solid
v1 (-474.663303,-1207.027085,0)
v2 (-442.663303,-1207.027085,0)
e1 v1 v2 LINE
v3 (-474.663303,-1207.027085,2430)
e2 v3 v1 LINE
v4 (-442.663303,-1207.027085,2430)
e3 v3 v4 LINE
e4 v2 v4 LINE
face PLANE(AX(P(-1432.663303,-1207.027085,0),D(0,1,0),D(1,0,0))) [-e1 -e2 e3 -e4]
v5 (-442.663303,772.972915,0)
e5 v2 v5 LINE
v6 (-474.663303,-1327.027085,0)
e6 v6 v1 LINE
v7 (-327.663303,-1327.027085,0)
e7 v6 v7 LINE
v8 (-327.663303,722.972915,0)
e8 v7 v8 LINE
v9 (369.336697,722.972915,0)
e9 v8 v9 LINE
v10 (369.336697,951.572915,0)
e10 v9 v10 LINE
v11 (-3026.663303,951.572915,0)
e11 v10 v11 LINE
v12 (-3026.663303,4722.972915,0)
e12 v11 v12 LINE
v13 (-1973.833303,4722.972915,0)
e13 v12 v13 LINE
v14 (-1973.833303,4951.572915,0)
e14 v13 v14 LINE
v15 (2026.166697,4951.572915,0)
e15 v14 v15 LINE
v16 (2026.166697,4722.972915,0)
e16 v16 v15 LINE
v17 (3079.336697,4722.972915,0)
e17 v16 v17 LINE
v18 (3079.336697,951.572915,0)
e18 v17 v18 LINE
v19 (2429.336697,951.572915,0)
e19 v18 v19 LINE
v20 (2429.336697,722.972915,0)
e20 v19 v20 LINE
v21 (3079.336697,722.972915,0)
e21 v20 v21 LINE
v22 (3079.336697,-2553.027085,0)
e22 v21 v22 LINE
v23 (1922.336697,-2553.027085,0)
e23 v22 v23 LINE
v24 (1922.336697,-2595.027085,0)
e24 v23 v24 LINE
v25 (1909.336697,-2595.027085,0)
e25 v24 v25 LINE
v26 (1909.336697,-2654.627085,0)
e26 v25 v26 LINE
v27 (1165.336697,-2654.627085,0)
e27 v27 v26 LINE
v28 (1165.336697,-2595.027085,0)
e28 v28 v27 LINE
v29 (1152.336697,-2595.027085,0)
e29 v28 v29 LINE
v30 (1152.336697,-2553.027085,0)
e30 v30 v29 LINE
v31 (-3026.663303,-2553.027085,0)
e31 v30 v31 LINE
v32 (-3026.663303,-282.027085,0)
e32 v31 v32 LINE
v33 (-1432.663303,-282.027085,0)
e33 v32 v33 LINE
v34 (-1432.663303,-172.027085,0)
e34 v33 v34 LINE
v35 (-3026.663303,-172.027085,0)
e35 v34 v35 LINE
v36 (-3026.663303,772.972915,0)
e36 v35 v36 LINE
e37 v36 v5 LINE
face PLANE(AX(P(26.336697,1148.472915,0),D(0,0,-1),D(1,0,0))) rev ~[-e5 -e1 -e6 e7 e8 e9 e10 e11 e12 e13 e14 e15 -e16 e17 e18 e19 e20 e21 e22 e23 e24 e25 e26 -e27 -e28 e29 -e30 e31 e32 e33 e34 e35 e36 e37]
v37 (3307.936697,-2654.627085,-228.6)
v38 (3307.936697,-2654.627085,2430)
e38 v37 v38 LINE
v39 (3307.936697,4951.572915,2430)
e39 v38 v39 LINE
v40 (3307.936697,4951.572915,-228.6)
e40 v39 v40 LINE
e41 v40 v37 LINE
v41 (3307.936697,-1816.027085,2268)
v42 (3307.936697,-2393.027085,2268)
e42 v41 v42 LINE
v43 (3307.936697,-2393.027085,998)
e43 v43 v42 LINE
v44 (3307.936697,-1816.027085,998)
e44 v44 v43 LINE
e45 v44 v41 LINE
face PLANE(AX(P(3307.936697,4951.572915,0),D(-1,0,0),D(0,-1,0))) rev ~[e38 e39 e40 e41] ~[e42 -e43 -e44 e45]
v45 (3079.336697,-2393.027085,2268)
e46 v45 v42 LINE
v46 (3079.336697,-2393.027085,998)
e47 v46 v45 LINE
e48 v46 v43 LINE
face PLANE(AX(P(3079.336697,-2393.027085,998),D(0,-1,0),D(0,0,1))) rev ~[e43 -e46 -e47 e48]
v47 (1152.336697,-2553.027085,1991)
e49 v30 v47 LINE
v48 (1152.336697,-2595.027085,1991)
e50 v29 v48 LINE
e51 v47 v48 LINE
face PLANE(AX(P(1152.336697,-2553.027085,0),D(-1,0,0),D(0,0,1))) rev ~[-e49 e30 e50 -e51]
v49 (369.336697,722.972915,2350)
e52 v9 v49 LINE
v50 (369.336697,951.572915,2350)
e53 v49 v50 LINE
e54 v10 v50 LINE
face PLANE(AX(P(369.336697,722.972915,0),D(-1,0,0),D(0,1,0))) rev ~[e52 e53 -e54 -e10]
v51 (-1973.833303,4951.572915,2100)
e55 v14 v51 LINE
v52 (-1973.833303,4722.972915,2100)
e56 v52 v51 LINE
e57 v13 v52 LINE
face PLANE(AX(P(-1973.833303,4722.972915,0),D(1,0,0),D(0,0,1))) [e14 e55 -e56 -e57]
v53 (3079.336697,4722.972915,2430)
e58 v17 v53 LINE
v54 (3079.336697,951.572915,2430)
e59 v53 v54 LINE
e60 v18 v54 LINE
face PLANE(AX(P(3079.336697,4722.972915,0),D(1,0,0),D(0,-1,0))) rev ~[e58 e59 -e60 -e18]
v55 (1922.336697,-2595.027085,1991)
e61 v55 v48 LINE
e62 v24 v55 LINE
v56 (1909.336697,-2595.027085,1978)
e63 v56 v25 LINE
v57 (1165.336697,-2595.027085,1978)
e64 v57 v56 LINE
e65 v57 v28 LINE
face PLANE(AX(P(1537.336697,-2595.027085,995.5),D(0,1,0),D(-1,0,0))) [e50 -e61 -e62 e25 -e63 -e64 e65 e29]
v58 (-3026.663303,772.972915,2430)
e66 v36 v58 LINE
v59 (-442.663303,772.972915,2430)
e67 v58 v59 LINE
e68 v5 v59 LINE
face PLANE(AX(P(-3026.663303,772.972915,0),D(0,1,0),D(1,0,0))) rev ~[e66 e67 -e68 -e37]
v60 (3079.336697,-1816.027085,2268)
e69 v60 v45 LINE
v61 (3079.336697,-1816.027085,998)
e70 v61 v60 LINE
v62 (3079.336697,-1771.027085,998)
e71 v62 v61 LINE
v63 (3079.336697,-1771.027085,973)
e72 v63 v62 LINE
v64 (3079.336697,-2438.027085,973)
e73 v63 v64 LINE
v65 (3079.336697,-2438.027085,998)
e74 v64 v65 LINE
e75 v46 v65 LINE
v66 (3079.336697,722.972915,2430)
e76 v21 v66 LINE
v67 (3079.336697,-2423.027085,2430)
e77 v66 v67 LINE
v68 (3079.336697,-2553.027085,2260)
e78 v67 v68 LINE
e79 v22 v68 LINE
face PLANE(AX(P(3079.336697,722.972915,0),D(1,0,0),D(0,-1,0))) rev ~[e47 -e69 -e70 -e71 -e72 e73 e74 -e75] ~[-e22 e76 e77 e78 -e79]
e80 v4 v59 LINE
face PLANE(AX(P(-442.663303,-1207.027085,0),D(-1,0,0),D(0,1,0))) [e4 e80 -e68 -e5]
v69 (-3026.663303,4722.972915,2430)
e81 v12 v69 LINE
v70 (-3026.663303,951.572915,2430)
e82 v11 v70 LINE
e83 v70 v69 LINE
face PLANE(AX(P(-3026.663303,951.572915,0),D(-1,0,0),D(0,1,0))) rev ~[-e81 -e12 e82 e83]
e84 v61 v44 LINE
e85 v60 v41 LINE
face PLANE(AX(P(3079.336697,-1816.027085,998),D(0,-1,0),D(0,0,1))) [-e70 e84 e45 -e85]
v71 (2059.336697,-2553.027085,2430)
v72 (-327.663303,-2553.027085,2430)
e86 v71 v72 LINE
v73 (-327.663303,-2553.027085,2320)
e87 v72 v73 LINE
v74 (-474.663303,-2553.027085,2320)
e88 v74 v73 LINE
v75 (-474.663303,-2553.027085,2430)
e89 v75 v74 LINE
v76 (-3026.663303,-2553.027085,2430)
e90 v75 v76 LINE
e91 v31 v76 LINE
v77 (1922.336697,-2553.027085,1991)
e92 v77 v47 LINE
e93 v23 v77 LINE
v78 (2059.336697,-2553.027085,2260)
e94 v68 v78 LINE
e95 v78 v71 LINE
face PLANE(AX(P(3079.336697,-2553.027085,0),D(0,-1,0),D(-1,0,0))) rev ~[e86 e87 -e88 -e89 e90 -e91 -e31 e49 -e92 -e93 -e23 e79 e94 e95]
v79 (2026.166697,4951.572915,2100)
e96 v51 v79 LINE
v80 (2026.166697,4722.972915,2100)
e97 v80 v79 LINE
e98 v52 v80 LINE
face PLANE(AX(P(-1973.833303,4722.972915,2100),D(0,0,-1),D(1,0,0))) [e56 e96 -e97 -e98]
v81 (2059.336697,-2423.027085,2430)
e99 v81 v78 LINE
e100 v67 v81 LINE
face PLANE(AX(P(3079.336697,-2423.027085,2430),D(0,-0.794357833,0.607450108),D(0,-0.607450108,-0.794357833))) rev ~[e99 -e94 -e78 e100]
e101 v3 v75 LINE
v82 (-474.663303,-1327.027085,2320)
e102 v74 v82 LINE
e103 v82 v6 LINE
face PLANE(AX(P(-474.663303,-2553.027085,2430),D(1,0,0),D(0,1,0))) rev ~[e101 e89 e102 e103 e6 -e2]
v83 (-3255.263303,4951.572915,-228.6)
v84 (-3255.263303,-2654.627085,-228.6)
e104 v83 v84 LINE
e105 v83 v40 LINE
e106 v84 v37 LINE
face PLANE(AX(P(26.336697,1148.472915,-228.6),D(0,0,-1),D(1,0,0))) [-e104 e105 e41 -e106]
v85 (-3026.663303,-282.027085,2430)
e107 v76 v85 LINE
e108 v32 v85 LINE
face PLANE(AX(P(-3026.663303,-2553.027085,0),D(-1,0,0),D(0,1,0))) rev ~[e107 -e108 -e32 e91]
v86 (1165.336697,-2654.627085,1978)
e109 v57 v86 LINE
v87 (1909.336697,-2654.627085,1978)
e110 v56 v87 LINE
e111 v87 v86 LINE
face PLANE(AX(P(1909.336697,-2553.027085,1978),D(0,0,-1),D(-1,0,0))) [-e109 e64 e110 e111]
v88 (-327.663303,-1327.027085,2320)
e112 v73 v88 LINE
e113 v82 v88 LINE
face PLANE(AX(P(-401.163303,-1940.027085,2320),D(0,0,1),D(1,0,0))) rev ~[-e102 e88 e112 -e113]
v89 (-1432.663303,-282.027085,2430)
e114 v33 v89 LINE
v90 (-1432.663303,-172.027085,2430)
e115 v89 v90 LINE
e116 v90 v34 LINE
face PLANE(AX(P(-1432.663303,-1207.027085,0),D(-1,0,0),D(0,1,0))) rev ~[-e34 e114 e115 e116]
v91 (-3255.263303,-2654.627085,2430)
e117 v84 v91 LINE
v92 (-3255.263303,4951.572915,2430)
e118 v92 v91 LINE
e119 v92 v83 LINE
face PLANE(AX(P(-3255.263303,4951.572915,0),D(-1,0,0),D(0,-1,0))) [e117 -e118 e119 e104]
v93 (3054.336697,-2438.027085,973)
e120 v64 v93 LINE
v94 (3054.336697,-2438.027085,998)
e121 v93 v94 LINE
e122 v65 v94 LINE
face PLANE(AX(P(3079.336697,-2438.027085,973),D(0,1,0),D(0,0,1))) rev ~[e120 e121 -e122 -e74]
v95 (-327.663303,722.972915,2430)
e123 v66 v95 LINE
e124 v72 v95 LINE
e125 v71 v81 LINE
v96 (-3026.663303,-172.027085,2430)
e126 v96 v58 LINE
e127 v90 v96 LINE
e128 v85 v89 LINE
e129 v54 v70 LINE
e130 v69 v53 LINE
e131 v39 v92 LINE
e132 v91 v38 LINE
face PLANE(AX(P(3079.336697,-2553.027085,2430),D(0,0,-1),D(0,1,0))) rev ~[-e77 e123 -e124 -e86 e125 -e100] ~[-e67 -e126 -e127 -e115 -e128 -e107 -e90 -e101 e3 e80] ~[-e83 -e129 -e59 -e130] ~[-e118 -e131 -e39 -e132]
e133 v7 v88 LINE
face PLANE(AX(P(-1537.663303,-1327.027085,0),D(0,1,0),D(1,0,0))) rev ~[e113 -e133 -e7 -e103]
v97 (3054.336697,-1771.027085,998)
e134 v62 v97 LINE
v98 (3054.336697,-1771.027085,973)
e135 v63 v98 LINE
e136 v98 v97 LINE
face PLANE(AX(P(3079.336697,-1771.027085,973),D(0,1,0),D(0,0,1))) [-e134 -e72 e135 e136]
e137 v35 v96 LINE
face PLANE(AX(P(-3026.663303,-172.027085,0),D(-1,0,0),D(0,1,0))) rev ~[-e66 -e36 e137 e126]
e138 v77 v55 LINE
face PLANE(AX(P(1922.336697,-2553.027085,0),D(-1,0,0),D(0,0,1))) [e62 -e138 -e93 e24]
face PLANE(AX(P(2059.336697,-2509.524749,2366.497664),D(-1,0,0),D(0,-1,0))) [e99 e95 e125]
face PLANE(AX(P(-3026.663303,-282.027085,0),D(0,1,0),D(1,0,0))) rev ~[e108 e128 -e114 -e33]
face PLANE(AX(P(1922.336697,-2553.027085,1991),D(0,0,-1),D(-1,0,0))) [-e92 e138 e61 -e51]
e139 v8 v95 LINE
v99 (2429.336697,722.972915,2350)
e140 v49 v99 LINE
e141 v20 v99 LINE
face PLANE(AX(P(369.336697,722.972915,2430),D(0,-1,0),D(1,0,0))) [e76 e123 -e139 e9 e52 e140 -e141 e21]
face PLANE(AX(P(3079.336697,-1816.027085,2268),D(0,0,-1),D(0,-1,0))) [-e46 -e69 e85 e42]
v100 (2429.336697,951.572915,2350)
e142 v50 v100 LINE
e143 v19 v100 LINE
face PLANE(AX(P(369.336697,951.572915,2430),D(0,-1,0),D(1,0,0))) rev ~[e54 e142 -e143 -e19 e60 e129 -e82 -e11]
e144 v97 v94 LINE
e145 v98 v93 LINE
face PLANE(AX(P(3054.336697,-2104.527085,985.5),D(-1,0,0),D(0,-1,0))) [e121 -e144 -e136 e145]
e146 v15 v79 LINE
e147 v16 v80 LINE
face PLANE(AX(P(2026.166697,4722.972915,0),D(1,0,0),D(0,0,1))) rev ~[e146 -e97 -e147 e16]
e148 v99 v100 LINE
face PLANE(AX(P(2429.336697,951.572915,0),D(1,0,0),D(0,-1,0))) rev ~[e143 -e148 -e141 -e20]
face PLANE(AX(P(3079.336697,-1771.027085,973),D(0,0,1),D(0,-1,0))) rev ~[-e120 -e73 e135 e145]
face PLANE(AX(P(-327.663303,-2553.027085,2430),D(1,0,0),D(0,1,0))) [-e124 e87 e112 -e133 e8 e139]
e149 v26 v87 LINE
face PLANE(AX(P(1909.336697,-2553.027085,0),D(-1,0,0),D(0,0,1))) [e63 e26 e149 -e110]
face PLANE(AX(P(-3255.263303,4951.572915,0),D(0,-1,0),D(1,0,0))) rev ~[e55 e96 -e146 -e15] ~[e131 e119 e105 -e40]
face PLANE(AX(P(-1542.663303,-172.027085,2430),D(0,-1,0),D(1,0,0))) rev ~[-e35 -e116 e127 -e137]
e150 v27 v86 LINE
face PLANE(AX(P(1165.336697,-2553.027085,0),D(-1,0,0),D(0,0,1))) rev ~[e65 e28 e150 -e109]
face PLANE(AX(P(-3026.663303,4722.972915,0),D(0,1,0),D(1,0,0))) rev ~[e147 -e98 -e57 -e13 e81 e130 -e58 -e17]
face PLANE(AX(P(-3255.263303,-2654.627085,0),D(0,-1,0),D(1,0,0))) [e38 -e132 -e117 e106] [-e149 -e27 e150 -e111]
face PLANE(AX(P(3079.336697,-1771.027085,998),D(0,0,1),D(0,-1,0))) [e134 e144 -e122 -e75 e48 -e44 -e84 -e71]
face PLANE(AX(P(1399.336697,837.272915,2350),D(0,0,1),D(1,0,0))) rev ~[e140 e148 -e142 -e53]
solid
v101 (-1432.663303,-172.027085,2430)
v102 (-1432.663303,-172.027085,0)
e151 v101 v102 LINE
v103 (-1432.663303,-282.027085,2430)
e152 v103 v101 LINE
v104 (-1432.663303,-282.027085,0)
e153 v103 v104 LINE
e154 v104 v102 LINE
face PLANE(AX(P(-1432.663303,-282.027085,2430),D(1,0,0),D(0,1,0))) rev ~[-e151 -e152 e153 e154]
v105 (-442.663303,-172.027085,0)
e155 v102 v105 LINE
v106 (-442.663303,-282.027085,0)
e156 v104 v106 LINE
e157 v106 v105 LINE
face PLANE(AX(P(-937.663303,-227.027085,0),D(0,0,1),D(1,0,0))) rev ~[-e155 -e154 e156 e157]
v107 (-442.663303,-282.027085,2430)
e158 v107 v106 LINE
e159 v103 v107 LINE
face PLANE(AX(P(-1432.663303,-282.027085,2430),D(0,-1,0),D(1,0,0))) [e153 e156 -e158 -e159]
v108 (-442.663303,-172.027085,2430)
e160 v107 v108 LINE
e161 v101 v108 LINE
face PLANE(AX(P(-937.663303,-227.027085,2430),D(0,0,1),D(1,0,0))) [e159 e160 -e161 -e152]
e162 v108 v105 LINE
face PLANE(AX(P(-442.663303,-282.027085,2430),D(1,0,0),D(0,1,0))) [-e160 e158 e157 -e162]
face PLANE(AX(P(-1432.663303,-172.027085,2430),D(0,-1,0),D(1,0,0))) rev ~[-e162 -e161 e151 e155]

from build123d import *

# Parameters (mm, degrees)
F0_W      = 1356
F0_H      = 1226
F0_W_2    = 990
F0_H_2    = 1980
F1_DEPTH  = 2430
F2_W      = 147
F2_H      = 1226
F3_DEPTH  = 110
F4_W      = 2060
F4_H      = 228.6
F5_DEPTH  = 80
F6_W      = 577
F6_H      = 1270
F7_DEPTH  = 228.6
F8_W      = 667
F8_H      = 25
F9_DEPTH  = 25
F10_W     = 4000
F10_H     = 2100
F11_DEPTH = 228.6
F12_W     = 744
F12_H     = 1978
F13_DEPTH = 101.6
F14_W     = 770
F14_H     = 1991
F15_DEPTH = 42
F16_W     = 6563.2
F16_H     = 7606.2
F17_DEPTH = 228.6
F19_DEPTH = 1020
F20_W     = 2552
F20_H     = 2271
F21_DEPTH = 2430
F22_W     = 990
F22_H     = 110
F23_DEPTH = 2430
F24_W     = 110
F24_H     = 945
F25_DEPTH = 2430


with BuildPart() as f1:
    # F0 (on Top) → F1 (new body)
    with BuildSketch(Plane.XY):
        Polygon((-3255.263303, 4951.572915), (-3255.263303, 951.572915), (-3255.263303, -2250.100136), (-3255.263303, -2654.627085), (3307.936697, -2654.627085), (3307.936697, 951.572915), (3307.936697, 4951.572915), align=None)
        with Locations((-2348.663303, -1940.027085)):
            Rectangle(F0_W, F0_H, mode=Mode.SUBTRACT)
        Polygon((-3026.663303, -1212.027085), (-3026.663303, -960.060477), (-3026.663303, -282.027085), (-1542.663303, -282.027085), (-1542.663303, -1212.027085), align=None, mode=Mode.SUBTRACT)
        Polygon((-3026.663303, 772.972915), (-2642.663303, 772.972915), (-1542.663303, 772.972915), (-1542.663303, -172.027085), (-3026.663303, -172.027085), (-3026.663303, 0), align=None, mode=Mode.SUBTRACT)
        with Locations((-937.663303, -217.027085)):
            Rectangle(F0_W_2, F0_H_2, mode=Mode.SUBTRACT)
        Polygon((369.336697, 951.572915), (-3026.663303, 951.572915), (-3026.663303, 4722.972915), (3079.336697, 4722.972915), (3079.336697, 951.572915), (2429.336697, 951.572915), (2429.336697, 722.972915), (3079.336697, 722.972915), (3079.336697, -2553.027085), (-1537.663303, -2553.027085), (-1537.663303, -1327.027085), (-327.663303, -1327.027085), (-327.663303, 722.972915), (369.336697, 722.972915), align=None, mode=Mode.SUBTRACT)
    extrude(amount=F1_DEPTH)

    # F2 (on face) → F3 (join)
    with BuildSketch(Plane.XY.offset(2430)):
        with Locations((-401.163303, -1940.027085)):
            Rectangle(F2_W, F2_H)
    extrude(amount=-F3_DEPTH)

    # F4 (on face) → F5 (join)
    with BuildSketch(Plane.XY.offset(2430)):
        with Locations((1399.336697, 837.272915)):
            Rectangle(F4_W, F4_H)
    extrude(amount=-F5_DEPTH)

    # F6 (on face) → F7 (cut, through all)
    with BuildSketch(Plane(origin=(3079.336697, 0, 0), x_dir=(0, -1, 0), z_dir=(-1, 0, 0))):
        with Locations((2104.527085, 1633)):
            Rectangle(F6_W, F6_H)
    extrude(amount=-F7_DEPTH, mode=Mode.SUBTRACT)

    # F8 (on face) → F9 (join)
    with BuildSketch(Plane(origin=(3079.336697, 0, 0), x_dir=(0, -1, 0), z_dir=(-1, 0, 0))):
        with Locations((2104.527085, 985.5)):
            Rectangle(F8_W, F8_H)
    extrude(amount=F9_DEPTH)

    # F10 (on face) → F11 (cut, through all)
    with BuildSketch(Plane.XZ.offset(-4722.972915)):
        with Locations((26.166697, 1050)):
            Rectangle(F10_W, F10_H)
    extrude(amount=-F11_DEPTH, mode=Mode.SUBTRACT)

    # F12 (on face) → F13 (cut, through all)
    with BuildSketch(Plane(origin=(0, -2553.027085, 0), x_dir=(-1, 0, 0), z_dir=(0, 1, 0))):
        with Locations((-1537.336697, 989)):
            Rectangle(F12_W, F12_H)
    extrude(amount=-F13_DEPTH, mode=Mode.SUBTRACT)

    # F14 (on face) → F15 (cut)
    with BuildSketch(Plane(origin=(0, -2553.027085, 0), x_dir=(-1, 0, 0), z_dir=(0, 1, 0))):
        with Locations((-1537.336697, 995.5)):
            Rectangle(F14_W, F14_H)
    extrude(amount=-F15_DEPTH, mode=Mode.SUBTRACT)

    # F16 (on face) → F17 (join)
    with BuildSketch(Plane(origin=(0, 0, 0), x_dir=(1, 0, 0), z_dir=(0, 0, -1))):
        with Locations((26.336697, -1148.472915)):
            Rectangle(F16_W, F16_H)
    extrude(amount=F17_DEPTH)

    # F18 (on face) → F19 (join)
    with BuildSketch(Plane(origin=(3079.336697, 0, 0), x_dir=(0, -1, 0), z_dir=(-1, 0, 0))):
        Polygon((2553.027085, 2260), (2553.027085, 2430), (2423.027085, 2430), align=None)
    extrude(amount=F19_DEPTH)

    # F20 (on face) → F21 (cut, through all)
    with BuildSketch(Plane.XY.offset(2430)):
        with Locations((-1750.663303, -1417.527085)):
            Rectangle(F20_W, F20_H)
    extrude(amount=-F21_DEPTH, mode=Mode.SUBTRACT)

    # F24 (on face) → F25 (cut, through all)
    with BuildSketch(Plane.XY.offset(2430)):
        with Locations((-1487.663303, 300.472915)):
            Rectangle(F24_W, F24_H)
    extrude(amount=-F25_DEPTH, mode=Mode.SUBTRACT)


with BuildPart() as f23:
    # F22 (on face) → F23 (new body, through all)
    with BuildSketch(Plane.XY.offset(2430)):
        with Locations((-937.663303, -227.027085)):
            Rectangle(F22_W, F22_H)
    extrude(amount=-F23_DEPTH)


solid = Compound([f1.part, f23.part])
